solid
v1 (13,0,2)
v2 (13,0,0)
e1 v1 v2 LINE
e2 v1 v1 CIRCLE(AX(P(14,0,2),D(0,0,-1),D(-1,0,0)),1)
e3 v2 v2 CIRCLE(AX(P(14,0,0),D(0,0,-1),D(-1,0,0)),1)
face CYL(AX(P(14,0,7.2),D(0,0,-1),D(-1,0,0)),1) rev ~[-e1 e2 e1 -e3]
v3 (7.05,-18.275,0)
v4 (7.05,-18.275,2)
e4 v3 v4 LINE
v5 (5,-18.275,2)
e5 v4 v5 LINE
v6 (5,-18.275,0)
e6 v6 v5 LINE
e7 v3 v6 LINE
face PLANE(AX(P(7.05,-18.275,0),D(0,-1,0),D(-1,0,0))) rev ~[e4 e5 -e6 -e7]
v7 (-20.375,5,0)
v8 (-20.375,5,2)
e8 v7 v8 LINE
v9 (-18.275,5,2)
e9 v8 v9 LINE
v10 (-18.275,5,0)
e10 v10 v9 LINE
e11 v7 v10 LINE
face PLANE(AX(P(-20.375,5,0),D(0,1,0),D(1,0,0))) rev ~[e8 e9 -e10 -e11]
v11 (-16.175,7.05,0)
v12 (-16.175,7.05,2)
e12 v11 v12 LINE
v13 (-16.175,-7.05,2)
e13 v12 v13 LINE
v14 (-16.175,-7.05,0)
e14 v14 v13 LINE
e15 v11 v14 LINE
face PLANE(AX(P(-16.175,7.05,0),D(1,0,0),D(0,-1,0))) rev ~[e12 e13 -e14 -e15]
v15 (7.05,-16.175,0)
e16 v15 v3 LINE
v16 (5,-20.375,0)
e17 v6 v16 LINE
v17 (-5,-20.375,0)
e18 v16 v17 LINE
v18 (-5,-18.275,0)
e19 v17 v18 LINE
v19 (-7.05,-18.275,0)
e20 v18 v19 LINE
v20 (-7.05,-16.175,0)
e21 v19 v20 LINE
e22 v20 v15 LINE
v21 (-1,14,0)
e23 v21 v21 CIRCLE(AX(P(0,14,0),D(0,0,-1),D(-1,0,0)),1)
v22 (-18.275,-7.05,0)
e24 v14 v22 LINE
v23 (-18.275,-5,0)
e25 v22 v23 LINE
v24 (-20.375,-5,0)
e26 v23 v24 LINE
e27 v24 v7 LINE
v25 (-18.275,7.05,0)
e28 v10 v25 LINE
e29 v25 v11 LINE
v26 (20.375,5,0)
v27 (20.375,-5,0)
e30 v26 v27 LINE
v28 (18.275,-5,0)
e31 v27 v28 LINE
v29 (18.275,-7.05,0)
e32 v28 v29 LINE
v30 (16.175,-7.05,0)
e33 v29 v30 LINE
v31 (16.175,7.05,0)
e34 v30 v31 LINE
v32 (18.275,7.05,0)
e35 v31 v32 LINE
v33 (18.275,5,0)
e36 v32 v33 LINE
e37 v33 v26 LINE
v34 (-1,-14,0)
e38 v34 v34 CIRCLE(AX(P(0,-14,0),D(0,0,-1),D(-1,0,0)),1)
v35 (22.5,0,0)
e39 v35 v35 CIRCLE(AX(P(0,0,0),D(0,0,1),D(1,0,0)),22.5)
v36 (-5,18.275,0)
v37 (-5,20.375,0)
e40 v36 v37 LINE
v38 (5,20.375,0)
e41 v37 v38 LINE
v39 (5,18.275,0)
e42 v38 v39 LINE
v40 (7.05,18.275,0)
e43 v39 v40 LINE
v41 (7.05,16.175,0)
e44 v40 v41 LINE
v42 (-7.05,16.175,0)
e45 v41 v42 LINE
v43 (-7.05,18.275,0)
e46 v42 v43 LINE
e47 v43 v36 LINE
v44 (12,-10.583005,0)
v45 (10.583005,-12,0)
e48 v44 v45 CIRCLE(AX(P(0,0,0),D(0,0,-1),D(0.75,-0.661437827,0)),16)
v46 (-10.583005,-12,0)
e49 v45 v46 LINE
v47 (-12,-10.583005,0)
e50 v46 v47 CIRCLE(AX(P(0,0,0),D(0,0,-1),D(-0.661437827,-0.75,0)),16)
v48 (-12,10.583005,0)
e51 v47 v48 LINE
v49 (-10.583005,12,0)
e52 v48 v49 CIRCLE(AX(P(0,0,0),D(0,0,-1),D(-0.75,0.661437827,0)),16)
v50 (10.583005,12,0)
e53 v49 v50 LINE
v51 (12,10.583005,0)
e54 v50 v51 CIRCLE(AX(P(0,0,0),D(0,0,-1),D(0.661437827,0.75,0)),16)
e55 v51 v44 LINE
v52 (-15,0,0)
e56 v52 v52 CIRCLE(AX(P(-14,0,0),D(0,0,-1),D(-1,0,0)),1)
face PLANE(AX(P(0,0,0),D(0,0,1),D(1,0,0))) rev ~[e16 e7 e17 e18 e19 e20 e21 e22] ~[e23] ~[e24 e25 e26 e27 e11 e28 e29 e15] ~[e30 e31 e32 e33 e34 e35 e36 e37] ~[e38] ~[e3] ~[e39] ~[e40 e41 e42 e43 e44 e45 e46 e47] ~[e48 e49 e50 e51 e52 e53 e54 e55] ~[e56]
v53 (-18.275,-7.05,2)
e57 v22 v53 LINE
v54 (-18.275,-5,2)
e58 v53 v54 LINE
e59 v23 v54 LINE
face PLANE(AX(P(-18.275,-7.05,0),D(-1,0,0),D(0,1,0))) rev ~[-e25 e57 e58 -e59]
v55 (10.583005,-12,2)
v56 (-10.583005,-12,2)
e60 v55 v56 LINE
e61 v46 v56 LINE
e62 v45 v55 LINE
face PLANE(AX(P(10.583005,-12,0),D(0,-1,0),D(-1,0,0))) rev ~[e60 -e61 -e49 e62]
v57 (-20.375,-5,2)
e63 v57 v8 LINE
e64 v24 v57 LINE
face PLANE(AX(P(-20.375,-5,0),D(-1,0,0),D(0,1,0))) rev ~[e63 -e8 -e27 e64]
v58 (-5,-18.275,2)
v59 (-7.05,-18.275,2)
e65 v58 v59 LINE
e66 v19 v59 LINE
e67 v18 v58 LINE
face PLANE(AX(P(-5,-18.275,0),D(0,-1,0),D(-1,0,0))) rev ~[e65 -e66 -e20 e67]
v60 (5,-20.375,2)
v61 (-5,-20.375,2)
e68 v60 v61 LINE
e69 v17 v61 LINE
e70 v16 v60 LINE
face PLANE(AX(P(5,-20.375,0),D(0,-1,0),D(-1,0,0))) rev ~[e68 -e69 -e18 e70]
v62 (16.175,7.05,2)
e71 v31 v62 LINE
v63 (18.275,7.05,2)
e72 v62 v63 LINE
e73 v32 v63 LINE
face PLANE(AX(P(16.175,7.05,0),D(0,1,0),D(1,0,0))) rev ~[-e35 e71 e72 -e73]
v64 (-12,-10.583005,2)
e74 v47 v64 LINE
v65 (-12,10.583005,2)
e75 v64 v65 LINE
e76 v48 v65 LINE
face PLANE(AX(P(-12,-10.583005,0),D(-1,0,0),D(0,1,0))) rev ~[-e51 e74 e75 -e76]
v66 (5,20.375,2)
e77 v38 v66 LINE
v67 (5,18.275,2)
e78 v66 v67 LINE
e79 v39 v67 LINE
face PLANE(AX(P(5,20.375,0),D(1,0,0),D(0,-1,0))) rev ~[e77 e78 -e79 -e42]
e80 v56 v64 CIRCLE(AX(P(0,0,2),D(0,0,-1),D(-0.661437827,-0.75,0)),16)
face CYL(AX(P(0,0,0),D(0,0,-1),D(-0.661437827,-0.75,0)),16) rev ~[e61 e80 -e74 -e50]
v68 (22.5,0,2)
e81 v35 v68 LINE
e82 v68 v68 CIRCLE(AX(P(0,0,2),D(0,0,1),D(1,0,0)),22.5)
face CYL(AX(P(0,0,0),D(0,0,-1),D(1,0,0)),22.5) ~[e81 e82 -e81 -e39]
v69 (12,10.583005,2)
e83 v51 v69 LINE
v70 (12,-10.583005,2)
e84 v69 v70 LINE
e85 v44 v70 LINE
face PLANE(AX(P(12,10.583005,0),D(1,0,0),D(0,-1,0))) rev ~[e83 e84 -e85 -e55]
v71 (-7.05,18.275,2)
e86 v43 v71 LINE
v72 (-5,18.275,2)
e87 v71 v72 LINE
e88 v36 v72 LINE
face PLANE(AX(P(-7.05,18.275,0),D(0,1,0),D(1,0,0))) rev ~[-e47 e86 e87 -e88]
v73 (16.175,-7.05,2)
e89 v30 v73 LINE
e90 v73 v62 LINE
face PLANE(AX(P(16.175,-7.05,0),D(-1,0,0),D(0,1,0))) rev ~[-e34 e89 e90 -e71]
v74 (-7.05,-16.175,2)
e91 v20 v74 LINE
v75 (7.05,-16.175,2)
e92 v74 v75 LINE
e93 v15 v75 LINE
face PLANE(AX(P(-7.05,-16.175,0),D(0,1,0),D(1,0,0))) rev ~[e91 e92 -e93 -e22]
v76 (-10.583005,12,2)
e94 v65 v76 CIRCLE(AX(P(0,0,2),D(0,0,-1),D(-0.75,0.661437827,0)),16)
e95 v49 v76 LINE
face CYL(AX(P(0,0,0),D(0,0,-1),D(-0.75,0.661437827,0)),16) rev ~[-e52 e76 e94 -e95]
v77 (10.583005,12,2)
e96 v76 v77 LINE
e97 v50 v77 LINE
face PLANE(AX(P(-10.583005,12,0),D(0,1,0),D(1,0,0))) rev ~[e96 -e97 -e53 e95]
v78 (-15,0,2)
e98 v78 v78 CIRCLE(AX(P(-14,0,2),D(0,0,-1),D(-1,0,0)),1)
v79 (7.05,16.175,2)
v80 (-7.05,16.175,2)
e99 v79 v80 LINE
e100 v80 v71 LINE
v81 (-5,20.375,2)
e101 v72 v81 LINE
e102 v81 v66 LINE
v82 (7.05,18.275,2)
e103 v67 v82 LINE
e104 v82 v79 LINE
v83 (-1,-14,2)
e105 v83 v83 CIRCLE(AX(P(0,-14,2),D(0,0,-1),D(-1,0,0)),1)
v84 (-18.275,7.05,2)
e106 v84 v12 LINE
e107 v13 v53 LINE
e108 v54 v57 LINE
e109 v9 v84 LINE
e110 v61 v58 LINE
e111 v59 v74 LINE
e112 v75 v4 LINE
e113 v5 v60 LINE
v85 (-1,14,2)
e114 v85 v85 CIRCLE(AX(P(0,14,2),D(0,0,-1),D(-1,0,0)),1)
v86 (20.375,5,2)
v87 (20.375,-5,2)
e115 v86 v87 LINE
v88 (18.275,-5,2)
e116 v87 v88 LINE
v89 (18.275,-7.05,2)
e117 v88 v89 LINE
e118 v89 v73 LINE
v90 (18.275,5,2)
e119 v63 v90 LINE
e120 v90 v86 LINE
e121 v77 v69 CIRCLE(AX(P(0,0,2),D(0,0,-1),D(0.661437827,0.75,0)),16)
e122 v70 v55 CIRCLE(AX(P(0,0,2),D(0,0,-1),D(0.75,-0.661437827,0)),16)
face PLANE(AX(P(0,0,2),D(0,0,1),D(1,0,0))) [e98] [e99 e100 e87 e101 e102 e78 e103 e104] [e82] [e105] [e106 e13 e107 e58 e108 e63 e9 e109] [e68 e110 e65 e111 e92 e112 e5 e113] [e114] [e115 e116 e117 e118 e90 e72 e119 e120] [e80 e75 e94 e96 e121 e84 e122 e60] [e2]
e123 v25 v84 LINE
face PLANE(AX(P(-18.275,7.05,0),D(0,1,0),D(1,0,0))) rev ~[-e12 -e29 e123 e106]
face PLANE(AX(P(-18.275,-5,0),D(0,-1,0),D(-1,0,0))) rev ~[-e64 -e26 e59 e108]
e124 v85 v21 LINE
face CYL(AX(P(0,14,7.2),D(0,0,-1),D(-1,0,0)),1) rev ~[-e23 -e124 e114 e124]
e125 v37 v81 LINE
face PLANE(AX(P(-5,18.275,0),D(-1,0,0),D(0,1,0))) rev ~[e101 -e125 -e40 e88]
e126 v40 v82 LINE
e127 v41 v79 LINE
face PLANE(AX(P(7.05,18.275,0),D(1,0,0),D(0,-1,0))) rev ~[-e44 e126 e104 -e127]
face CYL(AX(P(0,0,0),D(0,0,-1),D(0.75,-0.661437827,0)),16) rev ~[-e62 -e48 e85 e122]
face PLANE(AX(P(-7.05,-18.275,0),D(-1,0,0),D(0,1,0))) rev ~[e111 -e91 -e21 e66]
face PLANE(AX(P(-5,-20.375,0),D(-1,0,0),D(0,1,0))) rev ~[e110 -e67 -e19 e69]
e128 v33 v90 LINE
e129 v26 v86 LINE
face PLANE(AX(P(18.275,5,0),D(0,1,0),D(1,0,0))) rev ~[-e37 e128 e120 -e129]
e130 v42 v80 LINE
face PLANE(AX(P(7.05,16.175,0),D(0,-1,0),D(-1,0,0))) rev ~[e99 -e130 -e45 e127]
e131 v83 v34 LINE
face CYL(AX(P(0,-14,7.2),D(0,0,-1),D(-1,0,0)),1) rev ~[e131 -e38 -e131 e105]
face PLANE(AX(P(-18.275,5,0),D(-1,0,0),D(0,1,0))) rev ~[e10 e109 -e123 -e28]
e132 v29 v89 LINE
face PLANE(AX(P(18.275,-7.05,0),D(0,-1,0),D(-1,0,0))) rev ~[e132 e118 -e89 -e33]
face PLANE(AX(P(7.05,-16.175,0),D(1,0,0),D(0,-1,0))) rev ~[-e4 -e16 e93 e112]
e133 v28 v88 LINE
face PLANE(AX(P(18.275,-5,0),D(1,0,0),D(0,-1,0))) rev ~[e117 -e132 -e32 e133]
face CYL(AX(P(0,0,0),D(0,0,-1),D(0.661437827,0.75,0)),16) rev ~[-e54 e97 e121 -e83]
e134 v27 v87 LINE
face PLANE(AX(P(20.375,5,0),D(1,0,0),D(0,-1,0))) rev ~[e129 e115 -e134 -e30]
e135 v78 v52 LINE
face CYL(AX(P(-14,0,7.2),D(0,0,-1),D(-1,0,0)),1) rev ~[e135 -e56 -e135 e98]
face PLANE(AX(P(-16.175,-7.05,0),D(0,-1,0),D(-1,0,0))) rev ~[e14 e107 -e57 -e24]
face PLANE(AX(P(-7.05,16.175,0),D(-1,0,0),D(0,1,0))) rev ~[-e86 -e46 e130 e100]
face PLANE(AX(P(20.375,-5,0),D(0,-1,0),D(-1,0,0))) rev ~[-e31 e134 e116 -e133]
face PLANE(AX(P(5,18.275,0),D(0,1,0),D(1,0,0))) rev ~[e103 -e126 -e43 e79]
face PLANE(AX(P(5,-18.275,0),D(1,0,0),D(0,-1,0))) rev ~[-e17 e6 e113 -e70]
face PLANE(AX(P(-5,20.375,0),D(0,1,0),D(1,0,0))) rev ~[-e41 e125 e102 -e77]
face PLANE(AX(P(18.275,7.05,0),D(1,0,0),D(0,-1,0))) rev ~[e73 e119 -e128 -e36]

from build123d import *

# Parameters (mm, degrees)
SKETCH_1_R      = 22.5
EXTRUDE_1_DEPTH = 2
MM_1_D          = 2
MM_1_DEPTH      = 5.2
MM_1_TIP        = 0.600860619


with BuildPart() as part:
    # 草图1 → 凸台-拉伸1 (new body)
    with BuildSketch(Plane.XY):
        Circle(SKETCH_1_R)
        with BuildLine():
            Line((10.583005244, -12), (-10.583005244, -12))
            ThreePointArc((-10.583005244, -12), (-11.313708499, -11.313708499), (-12, -10.583005244))
            Line((-12, -10.583005244), (-12, 10.583005244))
            ThreePointArc((-12, 10.583005244), (-11.313708499, 11.313708499), (-10.583005244, 12))
            Line((-10.583005244, 12), (10.583005244, 12))
            ThreePointArc((10.583005244, 12), (11.313708499, 11.313708499), (12, 10.583005244))
            Line((12, 10.583005244), (12, -10.583005244))
            ThreePointArc((12, -10.583005244), (11.313708499, -11.313708499), (10.583005244, -12))
        make_face(mode=Mode.SUBTRACT)
        Polygon((-5, 18.275), (-5, 20.375), (5, 20.375), (5, 18.275), (7.05, 18.275), (7.05, 16.175), (-7.05, 16.175), (-7.05, 18.275), align=None, mode=Mode.SUBTRACT)
        Polygon((-18.275, 7.05), (-16.175, 7.05), (-16.175, -7.05), (-18.275, -7.05), (-18.275, -5), (-20.375, -5), (-20.375, 5), (-18.275, 5), align=None, mode=Mode.SUBTRACT)
        Polygon((-7.05, -18.275), (-7.05, -16.175), (7.05, -16.175), (7.05, -18.275), (5, -18.275), (5, -20.375), (-5, -20.375), (-5, -18.275), align=None, mode=Mode.SUBTRACT)
        Polygon((18.275, -7.05), (16.175, -7.05), (16.175, 7.05), (18.275, 7.05), (18.275, 5), (20.375, 5), (20.375, -5), (18.275, -5), align=None, mode=Mode.SUBTRACT)
    extrude(amount=EXTRUDE_1_DEPTH)

    # 大小mm 暗销孔1
    with Locations(Plane.XY.offset(2)):
        with Locations((0, 14), (-14, 0), (0, -14), (14, 0)):
            Hole(MM_1_D / 2, depth=MM_1_DEPTH)
            with Locations((0, 0, -(MM_1_DEPTH + MM_1_TIP / 2))):  # 118° drill point
                Cone(0, MM_1_D / 2, MM_1_TIP, mode=Mode.SUBTRACT)


solid = part.part
